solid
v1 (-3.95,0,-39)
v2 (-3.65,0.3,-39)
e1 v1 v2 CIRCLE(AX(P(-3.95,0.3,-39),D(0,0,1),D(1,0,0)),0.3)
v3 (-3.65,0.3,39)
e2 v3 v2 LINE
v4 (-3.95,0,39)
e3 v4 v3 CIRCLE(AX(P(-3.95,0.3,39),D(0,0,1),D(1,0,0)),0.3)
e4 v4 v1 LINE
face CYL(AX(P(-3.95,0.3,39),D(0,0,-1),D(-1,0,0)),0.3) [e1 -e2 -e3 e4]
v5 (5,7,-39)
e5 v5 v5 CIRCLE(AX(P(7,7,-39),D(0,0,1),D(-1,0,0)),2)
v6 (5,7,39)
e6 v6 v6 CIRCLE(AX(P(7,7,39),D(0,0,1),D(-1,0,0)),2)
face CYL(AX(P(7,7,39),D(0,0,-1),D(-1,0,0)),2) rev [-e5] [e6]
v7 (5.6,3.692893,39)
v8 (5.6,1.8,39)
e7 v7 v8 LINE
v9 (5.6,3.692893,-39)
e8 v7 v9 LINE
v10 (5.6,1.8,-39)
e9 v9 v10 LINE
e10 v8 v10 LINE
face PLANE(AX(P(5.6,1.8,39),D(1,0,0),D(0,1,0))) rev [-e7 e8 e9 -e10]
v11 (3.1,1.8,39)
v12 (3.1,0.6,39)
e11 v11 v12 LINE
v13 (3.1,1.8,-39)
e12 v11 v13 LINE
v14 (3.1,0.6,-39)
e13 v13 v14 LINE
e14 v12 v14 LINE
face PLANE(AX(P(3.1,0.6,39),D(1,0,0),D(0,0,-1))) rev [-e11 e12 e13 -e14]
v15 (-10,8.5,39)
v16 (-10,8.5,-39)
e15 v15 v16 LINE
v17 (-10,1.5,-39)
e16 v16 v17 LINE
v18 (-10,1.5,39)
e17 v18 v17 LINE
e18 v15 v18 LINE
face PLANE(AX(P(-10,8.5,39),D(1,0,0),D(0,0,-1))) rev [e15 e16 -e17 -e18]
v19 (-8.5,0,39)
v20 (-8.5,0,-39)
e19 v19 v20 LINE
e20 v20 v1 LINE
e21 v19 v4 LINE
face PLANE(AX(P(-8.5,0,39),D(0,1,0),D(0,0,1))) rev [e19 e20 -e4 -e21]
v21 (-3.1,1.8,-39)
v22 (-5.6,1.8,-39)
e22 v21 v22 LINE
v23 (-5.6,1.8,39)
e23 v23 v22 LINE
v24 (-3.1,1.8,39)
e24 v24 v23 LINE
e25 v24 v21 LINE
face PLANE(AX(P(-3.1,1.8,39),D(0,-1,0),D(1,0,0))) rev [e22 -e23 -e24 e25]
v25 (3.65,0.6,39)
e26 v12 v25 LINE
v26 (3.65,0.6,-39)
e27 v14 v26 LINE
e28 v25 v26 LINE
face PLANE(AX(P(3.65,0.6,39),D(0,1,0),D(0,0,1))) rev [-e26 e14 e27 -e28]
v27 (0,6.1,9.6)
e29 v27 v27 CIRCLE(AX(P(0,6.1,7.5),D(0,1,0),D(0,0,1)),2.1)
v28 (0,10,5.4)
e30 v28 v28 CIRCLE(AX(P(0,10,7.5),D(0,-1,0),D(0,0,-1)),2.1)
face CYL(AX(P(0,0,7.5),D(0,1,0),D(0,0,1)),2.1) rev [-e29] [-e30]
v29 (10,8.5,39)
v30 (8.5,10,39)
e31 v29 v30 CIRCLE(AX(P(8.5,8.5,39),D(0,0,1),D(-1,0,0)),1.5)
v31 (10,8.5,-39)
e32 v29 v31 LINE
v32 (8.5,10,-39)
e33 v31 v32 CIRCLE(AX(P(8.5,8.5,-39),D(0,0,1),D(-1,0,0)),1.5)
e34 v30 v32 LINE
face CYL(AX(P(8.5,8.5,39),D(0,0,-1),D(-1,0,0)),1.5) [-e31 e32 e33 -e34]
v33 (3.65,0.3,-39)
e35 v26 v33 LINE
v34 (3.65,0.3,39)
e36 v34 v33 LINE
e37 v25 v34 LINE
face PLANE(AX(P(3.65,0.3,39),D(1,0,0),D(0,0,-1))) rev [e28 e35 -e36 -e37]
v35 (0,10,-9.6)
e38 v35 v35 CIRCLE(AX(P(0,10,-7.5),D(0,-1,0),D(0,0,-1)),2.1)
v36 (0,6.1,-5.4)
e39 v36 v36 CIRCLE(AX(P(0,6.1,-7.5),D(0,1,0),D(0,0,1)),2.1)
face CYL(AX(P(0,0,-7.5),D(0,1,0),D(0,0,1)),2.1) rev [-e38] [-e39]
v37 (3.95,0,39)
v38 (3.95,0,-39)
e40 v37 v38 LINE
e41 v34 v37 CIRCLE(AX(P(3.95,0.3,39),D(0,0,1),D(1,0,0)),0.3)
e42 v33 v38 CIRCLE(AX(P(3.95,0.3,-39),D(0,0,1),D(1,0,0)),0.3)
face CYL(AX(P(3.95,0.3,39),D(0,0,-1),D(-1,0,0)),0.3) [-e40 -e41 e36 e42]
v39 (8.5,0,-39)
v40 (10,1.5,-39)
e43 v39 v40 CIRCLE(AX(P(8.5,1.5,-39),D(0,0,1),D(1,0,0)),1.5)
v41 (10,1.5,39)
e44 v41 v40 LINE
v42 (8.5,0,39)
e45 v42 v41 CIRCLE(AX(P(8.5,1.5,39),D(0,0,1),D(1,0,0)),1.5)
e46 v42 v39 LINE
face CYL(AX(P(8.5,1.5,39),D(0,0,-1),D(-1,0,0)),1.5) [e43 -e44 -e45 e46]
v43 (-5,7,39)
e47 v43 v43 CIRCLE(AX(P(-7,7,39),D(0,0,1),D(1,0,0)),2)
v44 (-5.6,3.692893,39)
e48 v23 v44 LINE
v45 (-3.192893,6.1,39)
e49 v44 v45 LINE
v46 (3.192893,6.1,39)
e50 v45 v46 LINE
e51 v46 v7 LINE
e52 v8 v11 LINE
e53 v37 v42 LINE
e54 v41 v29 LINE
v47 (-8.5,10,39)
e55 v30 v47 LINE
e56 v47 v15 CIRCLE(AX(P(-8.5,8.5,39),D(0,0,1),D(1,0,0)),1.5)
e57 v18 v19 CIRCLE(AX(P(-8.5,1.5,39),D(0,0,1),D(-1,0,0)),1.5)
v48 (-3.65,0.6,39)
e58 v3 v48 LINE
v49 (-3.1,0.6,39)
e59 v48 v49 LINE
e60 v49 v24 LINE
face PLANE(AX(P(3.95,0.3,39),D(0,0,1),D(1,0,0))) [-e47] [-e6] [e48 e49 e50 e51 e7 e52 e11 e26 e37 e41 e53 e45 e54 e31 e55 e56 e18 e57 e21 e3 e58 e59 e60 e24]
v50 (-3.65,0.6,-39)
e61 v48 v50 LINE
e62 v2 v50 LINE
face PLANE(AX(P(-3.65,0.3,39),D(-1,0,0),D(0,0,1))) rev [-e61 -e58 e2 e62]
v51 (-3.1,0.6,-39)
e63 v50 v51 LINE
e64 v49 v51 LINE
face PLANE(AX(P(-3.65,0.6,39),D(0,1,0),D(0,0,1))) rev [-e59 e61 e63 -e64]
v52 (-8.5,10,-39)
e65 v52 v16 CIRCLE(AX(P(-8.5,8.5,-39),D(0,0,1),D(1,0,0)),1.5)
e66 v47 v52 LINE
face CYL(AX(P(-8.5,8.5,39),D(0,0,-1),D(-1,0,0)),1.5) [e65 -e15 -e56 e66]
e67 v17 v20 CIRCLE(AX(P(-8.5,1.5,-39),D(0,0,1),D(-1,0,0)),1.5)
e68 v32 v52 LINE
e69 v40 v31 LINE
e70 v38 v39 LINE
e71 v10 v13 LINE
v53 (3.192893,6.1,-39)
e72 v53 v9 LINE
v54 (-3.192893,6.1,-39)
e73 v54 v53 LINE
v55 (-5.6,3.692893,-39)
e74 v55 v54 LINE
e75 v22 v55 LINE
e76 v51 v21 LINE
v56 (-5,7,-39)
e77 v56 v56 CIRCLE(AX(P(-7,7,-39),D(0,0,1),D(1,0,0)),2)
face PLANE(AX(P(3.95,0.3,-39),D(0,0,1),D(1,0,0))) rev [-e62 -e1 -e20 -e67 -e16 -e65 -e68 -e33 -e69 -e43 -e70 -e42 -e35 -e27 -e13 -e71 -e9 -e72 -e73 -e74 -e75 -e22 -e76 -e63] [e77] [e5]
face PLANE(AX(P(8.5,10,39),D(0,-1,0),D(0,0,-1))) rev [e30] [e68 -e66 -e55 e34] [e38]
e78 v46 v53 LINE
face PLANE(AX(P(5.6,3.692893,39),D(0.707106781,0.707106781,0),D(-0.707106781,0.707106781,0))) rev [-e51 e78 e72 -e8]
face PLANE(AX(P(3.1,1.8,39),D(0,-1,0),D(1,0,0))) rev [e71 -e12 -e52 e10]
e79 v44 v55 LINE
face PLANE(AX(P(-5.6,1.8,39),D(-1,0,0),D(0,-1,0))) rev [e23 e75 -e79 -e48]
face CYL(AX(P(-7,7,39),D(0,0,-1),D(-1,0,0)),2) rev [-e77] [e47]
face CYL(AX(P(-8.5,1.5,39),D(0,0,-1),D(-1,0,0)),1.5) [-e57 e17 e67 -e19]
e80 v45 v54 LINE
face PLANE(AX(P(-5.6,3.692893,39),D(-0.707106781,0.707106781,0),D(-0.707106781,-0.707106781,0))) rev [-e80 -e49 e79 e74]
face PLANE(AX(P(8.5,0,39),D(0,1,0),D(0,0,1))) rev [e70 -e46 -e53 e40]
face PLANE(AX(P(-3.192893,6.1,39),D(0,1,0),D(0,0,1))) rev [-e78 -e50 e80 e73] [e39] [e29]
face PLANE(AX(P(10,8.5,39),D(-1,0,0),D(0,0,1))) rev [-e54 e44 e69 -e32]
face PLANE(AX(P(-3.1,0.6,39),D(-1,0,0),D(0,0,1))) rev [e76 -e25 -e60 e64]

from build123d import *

# Parameters (mm, degrees)
SKETCH_1_R               = 2
EXTRUDE_1_DEPTH          = 39
CUT_EXTRUDE_1_DEPTH      = 42.484937025
CUT_EXTRUDE_1_DEPTH_BACK = 42.484937025
SKETCH_2_R               = 2.1


with BuildPart() as part:
    # 草图1 → 凸台-拉伸1 (new, symmetric)
    with BuildSketch(Plane.XY):
        with BuildLine():
            Line((-8.5, 0), (-3.95, 0))
            ThreePointArc((-3.95, 0), (-3.737867966, 0.087867966), (-3.65, 0.3))
            Line((-3.65, 0.3), (-3.65, 0.6))
            Line((-3.65, 0.6), (-3.1, 0.6))
            Line((-3.1, 0.6), (-3.1, 1.8))
            Line((-3.1, 1.8), (-5.6, 1.8))
            Line((-5.6, 1.8), (-5.6, 3.692893219))
            Line((-5.6, 3.692893219), (-3.192893219, 6.1))
            Line((-3.192893219, 6.1), (3.192893219, 6.1))
            Line((3.192893219, 6.1), (5.6, 3.692893219))
            Line((5.6, 3.692893219), (5.6, 1.8))
            Line((5.6, 1.8), (3.1, 1.8))
            Line((3.1, 1.8), (3.1, 0.6))
            Line((3.1, 0.6), (3.65, 0.6))
            Line((3.65, 0.6), (3.65, 0.3))
            ThreePointArc((3.65, 0.3), (3.737867966, 0.087867966), (3.95, 0))
            Line((3.95, 0), (8.5, 0))
            ThreePointArc((8.5, 0), (9.560660172, 0.439339828), (10, 1.5))
            Line((10, 1.5), (10, 8.5))
            ThreePointArc((10, 8.5), (9.560660172, 9.560660172), (8.5, 10))
            Line((8.5, 10), (-8.5, 10))
            ThreePointArc((-8.5, 10), (-9.560660172, 9.560660172), (-10, 8.5))
            Line((-10, 8.5), (-10, 1.5))
            ThreePointArc((-10, 1.5), (-9.560660172, 0.439339828), (-8.5, 0))
        make_face()
        with Locations((-7, 7)):
            Circle(SKETCH_1_R, mode=Mode.SUBTRACT)
        with Locations(Location((7, 7, 0), (0, 0, 180))):
            Circle(SKETCH_1_R, mode=Mode.SUBTRACT)
    extrude(amount=EXTRUDE_1_DEPTH, both=True)

    # 草图2 → 切除-拉伸1 (cut, two sides: drawn at the far end of the back side and taken through both)
    with BuildSketch(Plane(origin=(0, 10, 0), x_dir=(1, 0, 0), z_dir=(0, 1, 0)).offset(-CUT_EXTRUDE_1_DEPTH_BACK)):
        with Locations(Location((0, 7.5, 0), (0, 0, 270))):
            Circle(SKETCH_2_R)
        with Locations(Location((0, -7.5, 0), (0, 0, 270))):
            Circle(SKETCH_2_R)
    extrude(amount=CUT_EXTRUDE_1_DEPTH + CUT_EXTRUDE_1_DEPTH_BACK, mode=Mode.SUBTRACT)


solid = part.part
